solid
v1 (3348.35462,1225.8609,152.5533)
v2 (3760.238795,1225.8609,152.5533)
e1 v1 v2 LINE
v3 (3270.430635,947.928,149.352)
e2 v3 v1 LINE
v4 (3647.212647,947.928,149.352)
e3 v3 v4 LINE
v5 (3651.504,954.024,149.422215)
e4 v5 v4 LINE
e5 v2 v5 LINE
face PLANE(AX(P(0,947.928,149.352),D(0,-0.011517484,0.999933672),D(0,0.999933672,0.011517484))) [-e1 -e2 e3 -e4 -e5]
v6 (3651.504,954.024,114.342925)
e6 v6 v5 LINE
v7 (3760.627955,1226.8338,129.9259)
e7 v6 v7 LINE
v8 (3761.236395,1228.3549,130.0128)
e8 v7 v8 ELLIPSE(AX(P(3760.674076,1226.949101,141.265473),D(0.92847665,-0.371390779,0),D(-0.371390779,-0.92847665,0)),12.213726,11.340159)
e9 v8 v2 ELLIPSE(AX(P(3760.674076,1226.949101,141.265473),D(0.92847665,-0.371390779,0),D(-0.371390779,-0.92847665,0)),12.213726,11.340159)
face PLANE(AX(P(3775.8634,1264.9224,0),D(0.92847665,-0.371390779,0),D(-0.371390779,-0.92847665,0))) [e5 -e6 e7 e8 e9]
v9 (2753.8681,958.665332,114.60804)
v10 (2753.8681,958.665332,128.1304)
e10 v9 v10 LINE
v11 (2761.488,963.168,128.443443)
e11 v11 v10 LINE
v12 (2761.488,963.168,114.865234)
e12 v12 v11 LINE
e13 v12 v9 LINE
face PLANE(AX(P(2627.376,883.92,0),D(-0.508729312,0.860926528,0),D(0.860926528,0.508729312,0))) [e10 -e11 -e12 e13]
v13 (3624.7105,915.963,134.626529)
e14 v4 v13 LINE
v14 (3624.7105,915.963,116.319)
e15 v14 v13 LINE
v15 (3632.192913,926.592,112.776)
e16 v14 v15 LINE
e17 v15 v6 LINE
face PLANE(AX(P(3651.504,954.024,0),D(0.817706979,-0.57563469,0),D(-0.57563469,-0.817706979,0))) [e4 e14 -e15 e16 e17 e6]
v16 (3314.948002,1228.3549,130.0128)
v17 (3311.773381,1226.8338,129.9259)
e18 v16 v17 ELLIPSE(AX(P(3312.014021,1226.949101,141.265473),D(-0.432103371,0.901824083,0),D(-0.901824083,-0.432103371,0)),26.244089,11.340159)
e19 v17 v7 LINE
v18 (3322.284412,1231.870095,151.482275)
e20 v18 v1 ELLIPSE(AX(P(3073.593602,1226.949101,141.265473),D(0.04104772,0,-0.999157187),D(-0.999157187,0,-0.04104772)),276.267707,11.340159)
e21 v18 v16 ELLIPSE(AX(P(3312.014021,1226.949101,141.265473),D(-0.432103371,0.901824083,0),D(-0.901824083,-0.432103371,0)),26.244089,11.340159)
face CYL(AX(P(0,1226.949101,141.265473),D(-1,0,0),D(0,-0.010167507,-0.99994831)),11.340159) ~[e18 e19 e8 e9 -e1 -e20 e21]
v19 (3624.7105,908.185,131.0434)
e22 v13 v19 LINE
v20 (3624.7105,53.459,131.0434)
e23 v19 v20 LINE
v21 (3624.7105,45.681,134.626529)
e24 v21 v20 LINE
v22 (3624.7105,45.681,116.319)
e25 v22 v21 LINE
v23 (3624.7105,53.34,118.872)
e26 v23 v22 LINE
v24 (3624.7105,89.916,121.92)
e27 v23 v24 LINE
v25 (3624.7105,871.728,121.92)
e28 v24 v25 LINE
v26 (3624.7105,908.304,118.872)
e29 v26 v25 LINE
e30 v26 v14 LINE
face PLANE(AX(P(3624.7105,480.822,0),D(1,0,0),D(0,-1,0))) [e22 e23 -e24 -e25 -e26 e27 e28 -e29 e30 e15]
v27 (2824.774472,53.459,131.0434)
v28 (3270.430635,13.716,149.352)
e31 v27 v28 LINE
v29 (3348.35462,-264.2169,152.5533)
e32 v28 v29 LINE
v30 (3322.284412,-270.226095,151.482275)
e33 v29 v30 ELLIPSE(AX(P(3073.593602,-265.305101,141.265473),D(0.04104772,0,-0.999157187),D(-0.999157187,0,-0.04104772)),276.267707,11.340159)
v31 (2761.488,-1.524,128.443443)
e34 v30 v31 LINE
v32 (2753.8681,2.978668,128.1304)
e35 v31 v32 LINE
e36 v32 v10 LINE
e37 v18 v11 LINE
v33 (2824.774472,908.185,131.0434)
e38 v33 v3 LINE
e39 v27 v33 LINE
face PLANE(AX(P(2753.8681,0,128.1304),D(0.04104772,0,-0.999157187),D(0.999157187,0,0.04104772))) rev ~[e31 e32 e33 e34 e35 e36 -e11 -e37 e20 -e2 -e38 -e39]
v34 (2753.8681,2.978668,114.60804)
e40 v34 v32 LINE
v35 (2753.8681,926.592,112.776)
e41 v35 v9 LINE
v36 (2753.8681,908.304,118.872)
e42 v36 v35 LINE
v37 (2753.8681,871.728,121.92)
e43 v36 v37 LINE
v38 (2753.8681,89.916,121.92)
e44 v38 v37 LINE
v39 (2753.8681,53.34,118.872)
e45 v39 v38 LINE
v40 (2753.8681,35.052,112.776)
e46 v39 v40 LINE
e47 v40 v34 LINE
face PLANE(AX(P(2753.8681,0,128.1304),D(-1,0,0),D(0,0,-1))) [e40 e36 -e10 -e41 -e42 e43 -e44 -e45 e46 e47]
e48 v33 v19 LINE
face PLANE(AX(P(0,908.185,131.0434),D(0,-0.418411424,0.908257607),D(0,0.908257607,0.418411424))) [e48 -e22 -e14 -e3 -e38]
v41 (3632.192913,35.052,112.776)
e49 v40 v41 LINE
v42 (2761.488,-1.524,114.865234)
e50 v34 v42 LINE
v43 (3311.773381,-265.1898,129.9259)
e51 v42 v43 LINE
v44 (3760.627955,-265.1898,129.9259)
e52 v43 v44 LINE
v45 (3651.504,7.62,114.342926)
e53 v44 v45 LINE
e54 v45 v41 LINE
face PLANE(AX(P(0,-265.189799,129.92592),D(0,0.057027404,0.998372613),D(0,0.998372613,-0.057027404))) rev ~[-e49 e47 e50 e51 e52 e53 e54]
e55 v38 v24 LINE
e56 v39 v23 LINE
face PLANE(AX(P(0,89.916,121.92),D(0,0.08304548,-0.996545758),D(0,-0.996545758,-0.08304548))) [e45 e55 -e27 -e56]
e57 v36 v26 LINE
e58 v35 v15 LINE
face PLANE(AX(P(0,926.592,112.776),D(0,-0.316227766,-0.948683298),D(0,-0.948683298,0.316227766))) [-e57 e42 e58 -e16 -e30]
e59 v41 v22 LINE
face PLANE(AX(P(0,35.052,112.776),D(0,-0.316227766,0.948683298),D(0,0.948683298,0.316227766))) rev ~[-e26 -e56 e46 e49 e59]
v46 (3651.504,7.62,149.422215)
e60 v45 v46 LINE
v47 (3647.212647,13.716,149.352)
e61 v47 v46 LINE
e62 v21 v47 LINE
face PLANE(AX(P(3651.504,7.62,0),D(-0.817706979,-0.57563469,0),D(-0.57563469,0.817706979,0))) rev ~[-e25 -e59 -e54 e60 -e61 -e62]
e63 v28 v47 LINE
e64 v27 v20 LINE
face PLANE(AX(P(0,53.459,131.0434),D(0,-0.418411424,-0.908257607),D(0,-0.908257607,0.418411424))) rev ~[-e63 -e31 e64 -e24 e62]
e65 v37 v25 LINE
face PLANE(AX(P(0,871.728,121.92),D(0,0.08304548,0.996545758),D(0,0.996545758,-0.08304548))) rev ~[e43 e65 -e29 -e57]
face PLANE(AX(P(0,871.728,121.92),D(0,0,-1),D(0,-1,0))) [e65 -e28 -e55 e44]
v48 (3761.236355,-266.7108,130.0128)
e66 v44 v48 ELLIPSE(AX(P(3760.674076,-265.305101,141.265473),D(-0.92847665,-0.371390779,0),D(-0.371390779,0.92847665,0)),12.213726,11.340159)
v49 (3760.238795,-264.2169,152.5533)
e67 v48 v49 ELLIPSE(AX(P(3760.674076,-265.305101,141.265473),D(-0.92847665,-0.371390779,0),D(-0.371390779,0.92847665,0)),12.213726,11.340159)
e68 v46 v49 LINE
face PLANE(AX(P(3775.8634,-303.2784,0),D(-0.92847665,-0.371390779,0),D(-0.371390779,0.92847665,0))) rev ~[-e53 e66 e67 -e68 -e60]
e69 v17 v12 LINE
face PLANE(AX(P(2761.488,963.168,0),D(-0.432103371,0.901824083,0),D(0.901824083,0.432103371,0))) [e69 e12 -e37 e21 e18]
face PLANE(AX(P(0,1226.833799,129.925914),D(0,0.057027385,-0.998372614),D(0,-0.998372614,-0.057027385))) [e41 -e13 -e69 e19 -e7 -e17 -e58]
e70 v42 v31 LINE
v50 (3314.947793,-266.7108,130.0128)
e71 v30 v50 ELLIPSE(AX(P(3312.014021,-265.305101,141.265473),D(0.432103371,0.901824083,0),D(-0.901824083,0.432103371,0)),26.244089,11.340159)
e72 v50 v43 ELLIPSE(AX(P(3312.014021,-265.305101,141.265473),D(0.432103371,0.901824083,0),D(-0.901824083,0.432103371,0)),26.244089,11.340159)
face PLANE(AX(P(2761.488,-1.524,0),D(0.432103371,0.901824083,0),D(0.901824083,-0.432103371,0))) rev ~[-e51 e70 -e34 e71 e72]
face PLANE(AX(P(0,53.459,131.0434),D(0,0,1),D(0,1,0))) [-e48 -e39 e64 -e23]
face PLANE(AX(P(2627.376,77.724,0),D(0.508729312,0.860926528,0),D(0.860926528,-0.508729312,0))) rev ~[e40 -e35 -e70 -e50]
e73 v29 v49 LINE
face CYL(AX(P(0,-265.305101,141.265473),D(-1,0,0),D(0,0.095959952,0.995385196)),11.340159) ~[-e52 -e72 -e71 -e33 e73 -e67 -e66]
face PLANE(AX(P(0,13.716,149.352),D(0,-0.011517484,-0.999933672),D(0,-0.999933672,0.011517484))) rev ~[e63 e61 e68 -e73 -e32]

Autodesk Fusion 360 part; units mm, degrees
sketch "Sketch9" plane through (0, 0, 0) normal (0, 0, 1) x (1, 0, 0)
  line L0 (3776.472, 1266.444) -> (3776.472, -304.8)
  line L1 (3776.472, 480.822) -> (2072.6401, 480.822)
  line L2 (3775.8634, 1264.9224) -> (3651.504, 954.024)
  line L3 (3651.504, 954.024) -> (3624.7105, 915.963)
  line L4 (2627.376, 883.92) -> (2761.488, 963.168)
  line L5 (2761.488, 963.168) -> (3394.4421, 1266.444)
  line L6 (3394.4421, 1266.444) -> (3775.8634, 1264.9224)
  line L7 (3775.8634, -303.2784) -> (3651.504, 7.62)
  line L8 (3651.504, 7.62) -> (3624.7105, 45.681)
  line L9 (2761.488, -1.524) -> (3394.4421, -304.8)
  line L10 (3394.4421, -304.8) -> (3775.8634, -303.2784)
  line L11 (2627.376, 77.724) -> (2761.488, -1.524)
  line L12 (2627.376, 883.92) -> (2627.376, 77.724)
  line L13 (3624.7105, 915.963) -> (3624.7105, 45.681)
  point P0 (3776.472, -304.8)
extrude "Extrude6" add sketch "Sketch9" along normal blind 213.36
sketch "Sketch10" plane through (0, 0, 0) normal (1, 0, 0) x (0, 1, 0)
  line L0 (1266.444, 220.98) -> (-304.8, 220.98) construction
  line L1 (480.822, 220.98) -> (480.822, -213.36)
  line L2 (908.185, 131.0434) -> (947.928, 149.352)
  line L3 (947.928, 149.352) -> (1225.8609, 152.5533)
  line L4 (1228.3549, 130.0128) -> (926.592, 112.776)
  line L5 (926.592, 112.776) -> (908.304, 118.872)
  arc A0 (1226.8338, 129.9259) -> (1225.8609, 152.5533) centre (1226.9491, 141.2655) ccw
  line L6 (908.185, 131.0434) -> (871.728, 131.0434)
  line L7 (871.728, 231.648) -> (1286.256, 231.648)
  line L8 (1286.256, 231.648) -> (1286.256, -12.192)
  line L9 (1286.256, -12.192) -> (871.728, -12.192)
  line L10 (871.728, 121.92) -> (908.304, 118.872)
  line L11 (53.459, 131.0434) -> (89.916, 131.0434)
  line L12 (53.459, 131.0434) -> (13.716, 149.352)
  line L13 (13.716, 149.352) -> (-264.2169, 152.5533)
  arc A1 (-264.2169, 152.5533) -> (-265.1898, 129.9259) centre (-265.3051, 141.2655) ccw
  line L14 (-266.7108, 130.0128) -> (35.052, 112.776)
  line L15 (35.052, 112.776) -> (53.34, 118.872)
  line L16 (89.916, 121.92) -> (53.34, 118.872)
  line L17 (-324.612, -12.192) -> (89.916, -12.192)
  line L18 (-324.612, 231.648) -> (-324.612, -12.192)
  line L19 (89.916, 231.648) -> (-324.612, 231.648)
  line L20 (871.728, 231.648) -> (89.916, 231.648)
  line L21 (871.728, -12.192) -> (89.916, -12.192)
  line L22 (871.728, 121.92) -> (89.916, 121.92)
  line L23 (871.728, 131.0434) -> (89.916, 131.0434)
extrude "Extrude7" cut sketch "Sketch10" along normal blind 4145.28
sketch "Sketch11" plane through (0, 0, 0) normal (0, 1, 0) x (1, 0, 0)
  line L0 (2590.8001, -213.36) -> (3810.0001, -213.36)
  line L1 (3810.0001, -213.36) -> (3810.0001, -30.48)
  line L2 (3810.0001, -30.48) -> (2590.8001, -30.48)
  line L3 (2590.8001, -30.48) -> (2590.8001, -213.36)
  line L4 (2753.8681, -128.1304) -> (2753.8681, -112.776)
  line L5 (2753.8681, -112.776) -> (3346.704, -91.44)
  line L6 (3346.704, -91.44) -> (3779.5201, -91.44)
  line L7 (3779.5201, -91.44) -> (3779.5201, -170.688)
  line L8 (2753.8681, -128.1304) -> (3493.008, -158.496)
  line L9 (3493.008, -158.496) -> (3779.5201, -170.688)
extrude "Extrude8" cut sketch "Sketch11" along normal mid plane 3108.96
